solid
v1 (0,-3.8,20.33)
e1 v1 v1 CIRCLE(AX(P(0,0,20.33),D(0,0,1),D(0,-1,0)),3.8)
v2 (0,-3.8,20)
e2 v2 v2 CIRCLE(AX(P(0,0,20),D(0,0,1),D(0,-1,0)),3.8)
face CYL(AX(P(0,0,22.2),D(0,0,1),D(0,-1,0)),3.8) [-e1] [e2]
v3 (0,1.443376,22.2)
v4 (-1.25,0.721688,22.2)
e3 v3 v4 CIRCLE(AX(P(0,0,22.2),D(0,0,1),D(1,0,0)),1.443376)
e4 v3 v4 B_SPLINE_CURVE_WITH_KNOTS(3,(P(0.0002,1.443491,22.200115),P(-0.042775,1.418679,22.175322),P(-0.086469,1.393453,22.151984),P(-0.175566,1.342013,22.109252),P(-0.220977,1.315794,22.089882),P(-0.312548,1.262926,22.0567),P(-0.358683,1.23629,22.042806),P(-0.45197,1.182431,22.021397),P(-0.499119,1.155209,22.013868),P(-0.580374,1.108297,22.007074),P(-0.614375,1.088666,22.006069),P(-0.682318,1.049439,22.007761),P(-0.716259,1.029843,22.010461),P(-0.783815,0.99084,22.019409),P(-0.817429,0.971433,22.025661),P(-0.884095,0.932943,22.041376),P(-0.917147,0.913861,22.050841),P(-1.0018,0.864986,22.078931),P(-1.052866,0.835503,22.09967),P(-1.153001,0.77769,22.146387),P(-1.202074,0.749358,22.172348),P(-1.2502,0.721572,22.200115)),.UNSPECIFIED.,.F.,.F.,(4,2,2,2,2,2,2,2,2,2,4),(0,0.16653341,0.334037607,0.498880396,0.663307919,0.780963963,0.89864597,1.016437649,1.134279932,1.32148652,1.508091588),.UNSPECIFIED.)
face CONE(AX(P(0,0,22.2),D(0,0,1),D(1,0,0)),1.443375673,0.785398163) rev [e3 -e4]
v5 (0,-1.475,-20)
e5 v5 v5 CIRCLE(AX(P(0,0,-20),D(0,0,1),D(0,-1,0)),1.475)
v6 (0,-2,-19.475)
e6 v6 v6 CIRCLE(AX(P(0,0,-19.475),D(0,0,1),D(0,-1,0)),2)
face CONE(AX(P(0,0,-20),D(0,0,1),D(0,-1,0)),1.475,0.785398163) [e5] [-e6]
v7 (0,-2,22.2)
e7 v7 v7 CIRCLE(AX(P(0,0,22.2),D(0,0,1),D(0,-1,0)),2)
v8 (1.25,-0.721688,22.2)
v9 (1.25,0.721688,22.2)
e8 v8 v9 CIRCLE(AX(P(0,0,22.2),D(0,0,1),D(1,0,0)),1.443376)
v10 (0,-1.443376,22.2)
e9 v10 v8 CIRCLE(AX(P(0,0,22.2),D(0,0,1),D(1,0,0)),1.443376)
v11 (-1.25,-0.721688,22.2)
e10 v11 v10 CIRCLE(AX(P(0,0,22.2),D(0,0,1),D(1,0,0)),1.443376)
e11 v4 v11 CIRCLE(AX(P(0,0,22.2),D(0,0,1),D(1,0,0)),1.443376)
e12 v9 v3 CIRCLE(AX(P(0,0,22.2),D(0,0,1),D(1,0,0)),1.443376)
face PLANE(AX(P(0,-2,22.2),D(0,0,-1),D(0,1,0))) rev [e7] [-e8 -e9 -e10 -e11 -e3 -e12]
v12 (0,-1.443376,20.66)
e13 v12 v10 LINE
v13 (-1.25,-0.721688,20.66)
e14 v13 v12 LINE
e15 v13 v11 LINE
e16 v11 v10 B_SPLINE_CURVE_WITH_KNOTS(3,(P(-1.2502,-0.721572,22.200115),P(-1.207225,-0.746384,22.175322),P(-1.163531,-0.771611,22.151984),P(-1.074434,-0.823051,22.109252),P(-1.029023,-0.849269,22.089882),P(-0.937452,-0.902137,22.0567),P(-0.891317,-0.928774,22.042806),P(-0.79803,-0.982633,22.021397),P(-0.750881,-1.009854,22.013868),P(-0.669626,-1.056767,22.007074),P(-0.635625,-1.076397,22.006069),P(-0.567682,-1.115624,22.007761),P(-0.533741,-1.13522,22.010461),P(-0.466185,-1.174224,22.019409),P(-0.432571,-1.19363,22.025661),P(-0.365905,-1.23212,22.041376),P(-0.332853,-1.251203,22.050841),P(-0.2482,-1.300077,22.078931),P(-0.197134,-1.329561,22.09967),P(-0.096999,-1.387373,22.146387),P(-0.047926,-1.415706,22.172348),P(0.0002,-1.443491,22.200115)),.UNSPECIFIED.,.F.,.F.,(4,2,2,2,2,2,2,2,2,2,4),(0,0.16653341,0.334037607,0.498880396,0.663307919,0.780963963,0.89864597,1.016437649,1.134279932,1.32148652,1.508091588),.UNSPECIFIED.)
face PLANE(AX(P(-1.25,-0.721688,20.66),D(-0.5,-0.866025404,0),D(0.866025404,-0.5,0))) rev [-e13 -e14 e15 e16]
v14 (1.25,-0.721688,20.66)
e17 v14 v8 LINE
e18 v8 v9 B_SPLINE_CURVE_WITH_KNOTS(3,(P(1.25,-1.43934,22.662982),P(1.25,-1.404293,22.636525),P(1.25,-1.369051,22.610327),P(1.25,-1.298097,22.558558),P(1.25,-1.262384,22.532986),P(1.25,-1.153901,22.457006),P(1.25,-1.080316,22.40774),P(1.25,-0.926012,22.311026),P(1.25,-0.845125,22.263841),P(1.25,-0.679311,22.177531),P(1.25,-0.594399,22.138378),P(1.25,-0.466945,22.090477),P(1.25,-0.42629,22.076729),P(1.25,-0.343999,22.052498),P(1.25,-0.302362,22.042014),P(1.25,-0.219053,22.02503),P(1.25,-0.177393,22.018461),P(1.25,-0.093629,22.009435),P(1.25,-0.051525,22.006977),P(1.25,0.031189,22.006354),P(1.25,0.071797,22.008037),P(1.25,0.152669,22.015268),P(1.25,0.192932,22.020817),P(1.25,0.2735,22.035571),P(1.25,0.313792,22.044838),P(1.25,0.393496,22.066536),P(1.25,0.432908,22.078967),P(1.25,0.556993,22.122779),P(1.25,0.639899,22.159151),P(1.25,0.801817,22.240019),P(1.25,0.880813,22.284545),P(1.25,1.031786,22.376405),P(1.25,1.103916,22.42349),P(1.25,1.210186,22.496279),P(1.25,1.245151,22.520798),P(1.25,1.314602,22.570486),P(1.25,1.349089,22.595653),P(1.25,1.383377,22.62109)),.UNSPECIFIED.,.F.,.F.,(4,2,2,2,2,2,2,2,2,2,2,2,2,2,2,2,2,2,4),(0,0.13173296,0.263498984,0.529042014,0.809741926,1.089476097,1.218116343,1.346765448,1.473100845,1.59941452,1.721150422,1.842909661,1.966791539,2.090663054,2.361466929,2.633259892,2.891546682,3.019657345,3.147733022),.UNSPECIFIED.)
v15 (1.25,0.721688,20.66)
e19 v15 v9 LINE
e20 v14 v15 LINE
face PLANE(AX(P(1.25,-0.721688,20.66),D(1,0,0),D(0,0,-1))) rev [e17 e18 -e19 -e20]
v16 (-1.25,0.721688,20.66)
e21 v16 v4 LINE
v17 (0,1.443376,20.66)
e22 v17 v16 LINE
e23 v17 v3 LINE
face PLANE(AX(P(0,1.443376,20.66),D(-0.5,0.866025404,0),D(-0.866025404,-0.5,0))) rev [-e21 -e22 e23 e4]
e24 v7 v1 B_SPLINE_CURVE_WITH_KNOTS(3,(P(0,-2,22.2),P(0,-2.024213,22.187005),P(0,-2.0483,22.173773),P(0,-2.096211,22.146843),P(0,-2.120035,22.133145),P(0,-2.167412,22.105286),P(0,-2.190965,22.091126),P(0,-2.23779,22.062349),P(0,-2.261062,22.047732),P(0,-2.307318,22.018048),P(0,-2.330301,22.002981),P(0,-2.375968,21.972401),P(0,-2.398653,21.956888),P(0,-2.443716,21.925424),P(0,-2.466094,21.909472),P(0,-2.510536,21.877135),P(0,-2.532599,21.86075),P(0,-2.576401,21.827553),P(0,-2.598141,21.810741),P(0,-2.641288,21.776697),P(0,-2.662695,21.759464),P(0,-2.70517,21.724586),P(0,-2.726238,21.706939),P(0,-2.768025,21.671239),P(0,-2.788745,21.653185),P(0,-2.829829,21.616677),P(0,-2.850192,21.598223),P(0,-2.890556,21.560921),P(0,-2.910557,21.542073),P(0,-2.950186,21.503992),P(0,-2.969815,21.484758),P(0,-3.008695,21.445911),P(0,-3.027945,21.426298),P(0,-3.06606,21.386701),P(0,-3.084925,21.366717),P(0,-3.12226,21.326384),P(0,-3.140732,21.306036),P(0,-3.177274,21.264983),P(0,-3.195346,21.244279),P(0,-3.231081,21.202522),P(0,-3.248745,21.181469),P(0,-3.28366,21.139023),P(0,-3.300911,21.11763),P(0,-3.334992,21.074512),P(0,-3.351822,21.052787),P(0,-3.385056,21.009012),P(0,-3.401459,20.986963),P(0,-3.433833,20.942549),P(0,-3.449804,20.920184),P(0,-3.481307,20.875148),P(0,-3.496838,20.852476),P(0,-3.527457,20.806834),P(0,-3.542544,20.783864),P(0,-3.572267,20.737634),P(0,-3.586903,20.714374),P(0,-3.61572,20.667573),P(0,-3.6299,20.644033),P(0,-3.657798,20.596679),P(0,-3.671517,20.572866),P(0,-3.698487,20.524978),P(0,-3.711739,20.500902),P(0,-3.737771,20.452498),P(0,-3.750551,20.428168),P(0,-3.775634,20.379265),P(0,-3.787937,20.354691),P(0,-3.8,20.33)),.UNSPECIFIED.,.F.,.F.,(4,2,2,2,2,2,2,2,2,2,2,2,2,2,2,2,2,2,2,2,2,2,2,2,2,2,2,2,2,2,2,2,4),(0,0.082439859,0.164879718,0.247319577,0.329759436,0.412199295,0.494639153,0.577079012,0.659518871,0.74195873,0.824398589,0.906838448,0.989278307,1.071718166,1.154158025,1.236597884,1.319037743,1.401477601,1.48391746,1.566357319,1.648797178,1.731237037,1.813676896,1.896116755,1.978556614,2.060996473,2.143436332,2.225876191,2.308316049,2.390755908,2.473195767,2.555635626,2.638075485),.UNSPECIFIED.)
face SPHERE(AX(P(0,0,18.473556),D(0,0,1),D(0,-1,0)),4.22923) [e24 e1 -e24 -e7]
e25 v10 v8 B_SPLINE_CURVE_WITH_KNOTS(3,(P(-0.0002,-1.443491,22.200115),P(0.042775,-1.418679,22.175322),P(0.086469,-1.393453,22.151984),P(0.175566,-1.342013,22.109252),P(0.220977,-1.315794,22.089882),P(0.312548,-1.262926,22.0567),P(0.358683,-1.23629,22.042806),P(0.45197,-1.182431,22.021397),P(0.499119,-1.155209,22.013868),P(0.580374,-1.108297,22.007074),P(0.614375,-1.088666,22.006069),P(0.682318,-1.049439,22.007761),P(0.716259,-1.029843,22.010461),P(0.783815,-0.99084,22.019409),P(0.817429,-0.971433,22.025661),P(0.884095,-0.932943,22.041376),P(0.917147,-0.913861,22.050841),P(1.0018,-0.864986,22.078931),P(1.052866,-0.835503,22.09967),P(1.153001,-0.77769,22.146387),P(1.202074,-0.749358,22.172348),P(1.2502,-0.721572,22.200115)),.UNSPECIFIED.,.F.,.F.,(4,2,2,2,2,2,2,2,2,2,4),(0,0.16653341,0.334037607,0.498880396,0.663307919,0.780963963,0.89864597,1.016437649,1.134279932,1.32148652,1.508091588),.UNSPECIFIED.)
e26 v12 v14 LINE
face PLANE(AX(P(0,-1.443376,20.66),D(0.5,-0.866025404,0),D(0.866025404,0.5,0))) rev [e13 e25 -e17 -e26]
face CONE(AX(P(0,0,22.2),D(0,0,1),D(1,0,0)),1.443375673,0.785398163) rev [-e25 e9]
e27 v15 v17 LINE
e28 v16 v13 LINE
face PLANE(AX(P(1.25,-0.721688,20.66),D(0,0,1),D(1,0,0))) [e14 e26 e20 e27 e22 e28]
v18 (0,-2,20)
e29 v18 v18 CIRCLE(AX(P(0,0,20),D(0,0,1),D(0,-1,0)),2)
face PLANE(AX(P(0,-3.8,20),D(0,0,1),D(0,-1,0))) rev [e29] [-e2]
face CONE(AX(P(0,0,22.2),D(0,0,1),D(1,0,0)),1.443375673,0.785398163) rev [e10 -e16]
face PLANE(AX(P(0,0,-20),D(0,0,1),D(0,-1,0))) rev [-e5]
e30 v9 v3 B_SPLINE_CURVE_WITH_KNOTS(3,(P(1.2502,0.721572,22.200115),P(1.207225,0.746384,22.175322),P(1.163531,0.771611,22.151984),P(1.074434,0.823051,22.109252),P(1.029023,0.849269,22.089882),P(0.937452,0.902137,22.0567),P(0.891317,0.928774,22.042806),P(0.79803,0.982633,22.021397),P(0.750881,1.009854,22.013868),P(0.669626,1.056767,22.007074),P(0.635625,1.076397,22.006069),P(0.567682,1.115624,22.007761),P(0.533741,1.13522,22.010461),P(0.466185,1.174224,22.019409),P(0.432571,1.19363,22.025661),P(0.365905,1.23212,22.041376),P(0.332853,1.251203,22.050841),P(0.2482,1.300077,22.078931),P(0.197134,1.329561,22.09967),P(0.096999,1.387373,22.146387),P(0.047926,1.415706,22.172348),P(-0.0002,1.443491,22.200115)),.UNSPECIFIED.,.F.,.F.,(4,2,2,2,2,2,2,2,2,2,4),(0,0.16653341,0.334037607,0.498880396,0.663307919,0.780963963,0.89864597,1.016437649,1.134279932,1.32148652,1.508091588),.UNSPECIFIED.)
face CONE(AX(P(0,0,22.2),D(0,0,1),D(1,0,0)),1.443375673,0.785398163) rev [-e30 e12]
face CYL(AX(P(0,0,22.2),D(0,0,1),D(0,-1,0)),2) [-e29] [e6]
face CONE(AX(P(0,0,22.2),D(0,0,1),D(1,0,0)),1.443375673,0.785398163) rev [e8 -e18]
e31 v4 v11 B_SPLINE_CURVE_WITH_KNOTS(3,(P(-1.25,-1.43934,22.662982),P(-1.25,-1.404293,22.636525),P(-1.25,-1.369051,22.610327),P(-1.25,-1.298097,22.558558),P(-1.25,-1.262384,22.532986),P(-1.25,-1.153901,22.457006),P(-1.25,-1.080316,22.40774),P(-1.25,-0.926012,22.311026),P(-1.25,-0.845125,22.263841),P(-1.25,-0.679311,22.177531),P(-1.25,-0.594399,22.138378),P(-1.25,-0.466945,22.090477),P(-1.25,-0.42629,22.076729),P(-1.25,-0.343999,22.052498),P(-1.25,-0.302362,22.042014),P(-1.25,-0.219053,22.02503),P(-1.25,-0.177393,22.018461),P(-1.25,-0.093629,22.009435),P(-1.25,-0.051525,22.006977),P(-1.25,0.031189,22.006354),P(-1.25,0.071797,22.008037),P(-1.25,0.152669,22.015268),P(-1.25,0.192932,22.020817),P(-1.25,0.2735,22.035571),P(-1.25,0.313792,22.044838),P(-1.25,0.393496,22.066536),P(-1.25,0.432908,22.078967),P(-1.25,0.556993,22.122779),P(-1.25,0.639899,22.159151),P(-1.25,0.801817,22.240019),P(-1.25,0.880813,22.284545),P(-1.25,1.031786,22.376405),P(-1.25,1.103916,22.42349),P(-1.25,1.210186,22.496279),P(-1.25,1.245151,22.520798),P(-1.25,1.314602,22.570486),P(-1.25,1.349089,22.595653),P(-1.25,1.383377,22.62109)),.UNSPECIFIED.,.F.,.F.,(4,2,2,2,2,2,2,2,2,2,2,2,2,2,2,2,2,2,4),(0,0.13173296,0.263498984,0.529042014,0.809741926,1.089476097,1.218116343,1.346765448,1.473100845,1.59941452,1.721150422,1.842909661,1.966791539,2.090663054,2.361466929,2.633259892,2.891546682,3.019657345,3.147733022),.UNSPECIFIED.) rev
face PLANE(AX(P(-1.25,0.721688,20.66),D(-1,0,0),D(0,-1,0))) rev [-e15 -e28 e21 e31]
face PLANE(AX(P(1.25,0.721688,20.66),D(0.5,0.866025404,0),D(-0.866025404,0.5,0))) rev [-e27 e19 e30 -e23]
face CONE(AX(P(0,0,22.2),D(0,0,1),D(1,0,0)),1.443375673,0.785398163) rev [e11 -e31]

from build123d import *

# Parameters (mm, degrees)
CUT_EXTRUDE2_DEPTH = 1.54


with BuildPart() as part:
    # Sketch10 → Revolve3 (revolve)
    with BuildSketch(Plane(origin=(0, 0, 0), x_dir=(0, 0, -1), z_dir=(1, 0, 0))):
        Polygon((-20, 2), (-20, 0), (20, 0), (20, 1.475), (19.475, 2), align=None)
    revolve(axis=Axis((0, 0, 22.2), (0, 0, -1)))

    # Sketch7 → Revolve2 (revolve)
    with BuildSketch(Plane(origin=(0, 0, 0), x_dir=(0, 0, -1), z_dir=(1, 0, 0))):
        with BuildLine():
            Line((-20.33, 3.8), (-20, 3.8))
            Line((-20, 3.8), (-20, 0))
            Line((-20, 0), (-22.2, 0))
            Line((-22.2, 0), (-22.2, 2))
            ThreePointArc((-22.2, 2), (-21.406499853, 3.047002626), (-20.33, 3.8))
        make_face()
    revolve(axis=Axis((0, 0, 22.2), (0, 0, -1)))

    # Sketch5 → Cut-Extrude2 (cut)
    with BuildSketch(Plane.XY.offset(22.2)):
        Polygon((1.25, -0.721687836), (1.25, 0.721687836), (0, 1.443375673), (-1.25, 0.721687836), (-1.25, -0.721687836), (0, -1.443375673), align=None)
    extrude(amount=-CUT_EXTRUDE2_DEPTH, mode=Mode.SUBTRACT)

    # Cut-Extrude3 cone 1 section (through the dimple's axis) → Cut-Extrude3 (revolve, cut)
    with BuildSketch(Plane(origin=(0, 0, 22.2), x_dir=(0, -1, 0), z_dir=(1, 0, 0))):
        Polygon((0, 0), (1.443375673, 0), (0, 1.443375673), align=None)
    revolve(axis=Axis((0, 0, 22.2), (0, 0, -1)), mode=Mode.SUBTRACT)


solid = part.part
